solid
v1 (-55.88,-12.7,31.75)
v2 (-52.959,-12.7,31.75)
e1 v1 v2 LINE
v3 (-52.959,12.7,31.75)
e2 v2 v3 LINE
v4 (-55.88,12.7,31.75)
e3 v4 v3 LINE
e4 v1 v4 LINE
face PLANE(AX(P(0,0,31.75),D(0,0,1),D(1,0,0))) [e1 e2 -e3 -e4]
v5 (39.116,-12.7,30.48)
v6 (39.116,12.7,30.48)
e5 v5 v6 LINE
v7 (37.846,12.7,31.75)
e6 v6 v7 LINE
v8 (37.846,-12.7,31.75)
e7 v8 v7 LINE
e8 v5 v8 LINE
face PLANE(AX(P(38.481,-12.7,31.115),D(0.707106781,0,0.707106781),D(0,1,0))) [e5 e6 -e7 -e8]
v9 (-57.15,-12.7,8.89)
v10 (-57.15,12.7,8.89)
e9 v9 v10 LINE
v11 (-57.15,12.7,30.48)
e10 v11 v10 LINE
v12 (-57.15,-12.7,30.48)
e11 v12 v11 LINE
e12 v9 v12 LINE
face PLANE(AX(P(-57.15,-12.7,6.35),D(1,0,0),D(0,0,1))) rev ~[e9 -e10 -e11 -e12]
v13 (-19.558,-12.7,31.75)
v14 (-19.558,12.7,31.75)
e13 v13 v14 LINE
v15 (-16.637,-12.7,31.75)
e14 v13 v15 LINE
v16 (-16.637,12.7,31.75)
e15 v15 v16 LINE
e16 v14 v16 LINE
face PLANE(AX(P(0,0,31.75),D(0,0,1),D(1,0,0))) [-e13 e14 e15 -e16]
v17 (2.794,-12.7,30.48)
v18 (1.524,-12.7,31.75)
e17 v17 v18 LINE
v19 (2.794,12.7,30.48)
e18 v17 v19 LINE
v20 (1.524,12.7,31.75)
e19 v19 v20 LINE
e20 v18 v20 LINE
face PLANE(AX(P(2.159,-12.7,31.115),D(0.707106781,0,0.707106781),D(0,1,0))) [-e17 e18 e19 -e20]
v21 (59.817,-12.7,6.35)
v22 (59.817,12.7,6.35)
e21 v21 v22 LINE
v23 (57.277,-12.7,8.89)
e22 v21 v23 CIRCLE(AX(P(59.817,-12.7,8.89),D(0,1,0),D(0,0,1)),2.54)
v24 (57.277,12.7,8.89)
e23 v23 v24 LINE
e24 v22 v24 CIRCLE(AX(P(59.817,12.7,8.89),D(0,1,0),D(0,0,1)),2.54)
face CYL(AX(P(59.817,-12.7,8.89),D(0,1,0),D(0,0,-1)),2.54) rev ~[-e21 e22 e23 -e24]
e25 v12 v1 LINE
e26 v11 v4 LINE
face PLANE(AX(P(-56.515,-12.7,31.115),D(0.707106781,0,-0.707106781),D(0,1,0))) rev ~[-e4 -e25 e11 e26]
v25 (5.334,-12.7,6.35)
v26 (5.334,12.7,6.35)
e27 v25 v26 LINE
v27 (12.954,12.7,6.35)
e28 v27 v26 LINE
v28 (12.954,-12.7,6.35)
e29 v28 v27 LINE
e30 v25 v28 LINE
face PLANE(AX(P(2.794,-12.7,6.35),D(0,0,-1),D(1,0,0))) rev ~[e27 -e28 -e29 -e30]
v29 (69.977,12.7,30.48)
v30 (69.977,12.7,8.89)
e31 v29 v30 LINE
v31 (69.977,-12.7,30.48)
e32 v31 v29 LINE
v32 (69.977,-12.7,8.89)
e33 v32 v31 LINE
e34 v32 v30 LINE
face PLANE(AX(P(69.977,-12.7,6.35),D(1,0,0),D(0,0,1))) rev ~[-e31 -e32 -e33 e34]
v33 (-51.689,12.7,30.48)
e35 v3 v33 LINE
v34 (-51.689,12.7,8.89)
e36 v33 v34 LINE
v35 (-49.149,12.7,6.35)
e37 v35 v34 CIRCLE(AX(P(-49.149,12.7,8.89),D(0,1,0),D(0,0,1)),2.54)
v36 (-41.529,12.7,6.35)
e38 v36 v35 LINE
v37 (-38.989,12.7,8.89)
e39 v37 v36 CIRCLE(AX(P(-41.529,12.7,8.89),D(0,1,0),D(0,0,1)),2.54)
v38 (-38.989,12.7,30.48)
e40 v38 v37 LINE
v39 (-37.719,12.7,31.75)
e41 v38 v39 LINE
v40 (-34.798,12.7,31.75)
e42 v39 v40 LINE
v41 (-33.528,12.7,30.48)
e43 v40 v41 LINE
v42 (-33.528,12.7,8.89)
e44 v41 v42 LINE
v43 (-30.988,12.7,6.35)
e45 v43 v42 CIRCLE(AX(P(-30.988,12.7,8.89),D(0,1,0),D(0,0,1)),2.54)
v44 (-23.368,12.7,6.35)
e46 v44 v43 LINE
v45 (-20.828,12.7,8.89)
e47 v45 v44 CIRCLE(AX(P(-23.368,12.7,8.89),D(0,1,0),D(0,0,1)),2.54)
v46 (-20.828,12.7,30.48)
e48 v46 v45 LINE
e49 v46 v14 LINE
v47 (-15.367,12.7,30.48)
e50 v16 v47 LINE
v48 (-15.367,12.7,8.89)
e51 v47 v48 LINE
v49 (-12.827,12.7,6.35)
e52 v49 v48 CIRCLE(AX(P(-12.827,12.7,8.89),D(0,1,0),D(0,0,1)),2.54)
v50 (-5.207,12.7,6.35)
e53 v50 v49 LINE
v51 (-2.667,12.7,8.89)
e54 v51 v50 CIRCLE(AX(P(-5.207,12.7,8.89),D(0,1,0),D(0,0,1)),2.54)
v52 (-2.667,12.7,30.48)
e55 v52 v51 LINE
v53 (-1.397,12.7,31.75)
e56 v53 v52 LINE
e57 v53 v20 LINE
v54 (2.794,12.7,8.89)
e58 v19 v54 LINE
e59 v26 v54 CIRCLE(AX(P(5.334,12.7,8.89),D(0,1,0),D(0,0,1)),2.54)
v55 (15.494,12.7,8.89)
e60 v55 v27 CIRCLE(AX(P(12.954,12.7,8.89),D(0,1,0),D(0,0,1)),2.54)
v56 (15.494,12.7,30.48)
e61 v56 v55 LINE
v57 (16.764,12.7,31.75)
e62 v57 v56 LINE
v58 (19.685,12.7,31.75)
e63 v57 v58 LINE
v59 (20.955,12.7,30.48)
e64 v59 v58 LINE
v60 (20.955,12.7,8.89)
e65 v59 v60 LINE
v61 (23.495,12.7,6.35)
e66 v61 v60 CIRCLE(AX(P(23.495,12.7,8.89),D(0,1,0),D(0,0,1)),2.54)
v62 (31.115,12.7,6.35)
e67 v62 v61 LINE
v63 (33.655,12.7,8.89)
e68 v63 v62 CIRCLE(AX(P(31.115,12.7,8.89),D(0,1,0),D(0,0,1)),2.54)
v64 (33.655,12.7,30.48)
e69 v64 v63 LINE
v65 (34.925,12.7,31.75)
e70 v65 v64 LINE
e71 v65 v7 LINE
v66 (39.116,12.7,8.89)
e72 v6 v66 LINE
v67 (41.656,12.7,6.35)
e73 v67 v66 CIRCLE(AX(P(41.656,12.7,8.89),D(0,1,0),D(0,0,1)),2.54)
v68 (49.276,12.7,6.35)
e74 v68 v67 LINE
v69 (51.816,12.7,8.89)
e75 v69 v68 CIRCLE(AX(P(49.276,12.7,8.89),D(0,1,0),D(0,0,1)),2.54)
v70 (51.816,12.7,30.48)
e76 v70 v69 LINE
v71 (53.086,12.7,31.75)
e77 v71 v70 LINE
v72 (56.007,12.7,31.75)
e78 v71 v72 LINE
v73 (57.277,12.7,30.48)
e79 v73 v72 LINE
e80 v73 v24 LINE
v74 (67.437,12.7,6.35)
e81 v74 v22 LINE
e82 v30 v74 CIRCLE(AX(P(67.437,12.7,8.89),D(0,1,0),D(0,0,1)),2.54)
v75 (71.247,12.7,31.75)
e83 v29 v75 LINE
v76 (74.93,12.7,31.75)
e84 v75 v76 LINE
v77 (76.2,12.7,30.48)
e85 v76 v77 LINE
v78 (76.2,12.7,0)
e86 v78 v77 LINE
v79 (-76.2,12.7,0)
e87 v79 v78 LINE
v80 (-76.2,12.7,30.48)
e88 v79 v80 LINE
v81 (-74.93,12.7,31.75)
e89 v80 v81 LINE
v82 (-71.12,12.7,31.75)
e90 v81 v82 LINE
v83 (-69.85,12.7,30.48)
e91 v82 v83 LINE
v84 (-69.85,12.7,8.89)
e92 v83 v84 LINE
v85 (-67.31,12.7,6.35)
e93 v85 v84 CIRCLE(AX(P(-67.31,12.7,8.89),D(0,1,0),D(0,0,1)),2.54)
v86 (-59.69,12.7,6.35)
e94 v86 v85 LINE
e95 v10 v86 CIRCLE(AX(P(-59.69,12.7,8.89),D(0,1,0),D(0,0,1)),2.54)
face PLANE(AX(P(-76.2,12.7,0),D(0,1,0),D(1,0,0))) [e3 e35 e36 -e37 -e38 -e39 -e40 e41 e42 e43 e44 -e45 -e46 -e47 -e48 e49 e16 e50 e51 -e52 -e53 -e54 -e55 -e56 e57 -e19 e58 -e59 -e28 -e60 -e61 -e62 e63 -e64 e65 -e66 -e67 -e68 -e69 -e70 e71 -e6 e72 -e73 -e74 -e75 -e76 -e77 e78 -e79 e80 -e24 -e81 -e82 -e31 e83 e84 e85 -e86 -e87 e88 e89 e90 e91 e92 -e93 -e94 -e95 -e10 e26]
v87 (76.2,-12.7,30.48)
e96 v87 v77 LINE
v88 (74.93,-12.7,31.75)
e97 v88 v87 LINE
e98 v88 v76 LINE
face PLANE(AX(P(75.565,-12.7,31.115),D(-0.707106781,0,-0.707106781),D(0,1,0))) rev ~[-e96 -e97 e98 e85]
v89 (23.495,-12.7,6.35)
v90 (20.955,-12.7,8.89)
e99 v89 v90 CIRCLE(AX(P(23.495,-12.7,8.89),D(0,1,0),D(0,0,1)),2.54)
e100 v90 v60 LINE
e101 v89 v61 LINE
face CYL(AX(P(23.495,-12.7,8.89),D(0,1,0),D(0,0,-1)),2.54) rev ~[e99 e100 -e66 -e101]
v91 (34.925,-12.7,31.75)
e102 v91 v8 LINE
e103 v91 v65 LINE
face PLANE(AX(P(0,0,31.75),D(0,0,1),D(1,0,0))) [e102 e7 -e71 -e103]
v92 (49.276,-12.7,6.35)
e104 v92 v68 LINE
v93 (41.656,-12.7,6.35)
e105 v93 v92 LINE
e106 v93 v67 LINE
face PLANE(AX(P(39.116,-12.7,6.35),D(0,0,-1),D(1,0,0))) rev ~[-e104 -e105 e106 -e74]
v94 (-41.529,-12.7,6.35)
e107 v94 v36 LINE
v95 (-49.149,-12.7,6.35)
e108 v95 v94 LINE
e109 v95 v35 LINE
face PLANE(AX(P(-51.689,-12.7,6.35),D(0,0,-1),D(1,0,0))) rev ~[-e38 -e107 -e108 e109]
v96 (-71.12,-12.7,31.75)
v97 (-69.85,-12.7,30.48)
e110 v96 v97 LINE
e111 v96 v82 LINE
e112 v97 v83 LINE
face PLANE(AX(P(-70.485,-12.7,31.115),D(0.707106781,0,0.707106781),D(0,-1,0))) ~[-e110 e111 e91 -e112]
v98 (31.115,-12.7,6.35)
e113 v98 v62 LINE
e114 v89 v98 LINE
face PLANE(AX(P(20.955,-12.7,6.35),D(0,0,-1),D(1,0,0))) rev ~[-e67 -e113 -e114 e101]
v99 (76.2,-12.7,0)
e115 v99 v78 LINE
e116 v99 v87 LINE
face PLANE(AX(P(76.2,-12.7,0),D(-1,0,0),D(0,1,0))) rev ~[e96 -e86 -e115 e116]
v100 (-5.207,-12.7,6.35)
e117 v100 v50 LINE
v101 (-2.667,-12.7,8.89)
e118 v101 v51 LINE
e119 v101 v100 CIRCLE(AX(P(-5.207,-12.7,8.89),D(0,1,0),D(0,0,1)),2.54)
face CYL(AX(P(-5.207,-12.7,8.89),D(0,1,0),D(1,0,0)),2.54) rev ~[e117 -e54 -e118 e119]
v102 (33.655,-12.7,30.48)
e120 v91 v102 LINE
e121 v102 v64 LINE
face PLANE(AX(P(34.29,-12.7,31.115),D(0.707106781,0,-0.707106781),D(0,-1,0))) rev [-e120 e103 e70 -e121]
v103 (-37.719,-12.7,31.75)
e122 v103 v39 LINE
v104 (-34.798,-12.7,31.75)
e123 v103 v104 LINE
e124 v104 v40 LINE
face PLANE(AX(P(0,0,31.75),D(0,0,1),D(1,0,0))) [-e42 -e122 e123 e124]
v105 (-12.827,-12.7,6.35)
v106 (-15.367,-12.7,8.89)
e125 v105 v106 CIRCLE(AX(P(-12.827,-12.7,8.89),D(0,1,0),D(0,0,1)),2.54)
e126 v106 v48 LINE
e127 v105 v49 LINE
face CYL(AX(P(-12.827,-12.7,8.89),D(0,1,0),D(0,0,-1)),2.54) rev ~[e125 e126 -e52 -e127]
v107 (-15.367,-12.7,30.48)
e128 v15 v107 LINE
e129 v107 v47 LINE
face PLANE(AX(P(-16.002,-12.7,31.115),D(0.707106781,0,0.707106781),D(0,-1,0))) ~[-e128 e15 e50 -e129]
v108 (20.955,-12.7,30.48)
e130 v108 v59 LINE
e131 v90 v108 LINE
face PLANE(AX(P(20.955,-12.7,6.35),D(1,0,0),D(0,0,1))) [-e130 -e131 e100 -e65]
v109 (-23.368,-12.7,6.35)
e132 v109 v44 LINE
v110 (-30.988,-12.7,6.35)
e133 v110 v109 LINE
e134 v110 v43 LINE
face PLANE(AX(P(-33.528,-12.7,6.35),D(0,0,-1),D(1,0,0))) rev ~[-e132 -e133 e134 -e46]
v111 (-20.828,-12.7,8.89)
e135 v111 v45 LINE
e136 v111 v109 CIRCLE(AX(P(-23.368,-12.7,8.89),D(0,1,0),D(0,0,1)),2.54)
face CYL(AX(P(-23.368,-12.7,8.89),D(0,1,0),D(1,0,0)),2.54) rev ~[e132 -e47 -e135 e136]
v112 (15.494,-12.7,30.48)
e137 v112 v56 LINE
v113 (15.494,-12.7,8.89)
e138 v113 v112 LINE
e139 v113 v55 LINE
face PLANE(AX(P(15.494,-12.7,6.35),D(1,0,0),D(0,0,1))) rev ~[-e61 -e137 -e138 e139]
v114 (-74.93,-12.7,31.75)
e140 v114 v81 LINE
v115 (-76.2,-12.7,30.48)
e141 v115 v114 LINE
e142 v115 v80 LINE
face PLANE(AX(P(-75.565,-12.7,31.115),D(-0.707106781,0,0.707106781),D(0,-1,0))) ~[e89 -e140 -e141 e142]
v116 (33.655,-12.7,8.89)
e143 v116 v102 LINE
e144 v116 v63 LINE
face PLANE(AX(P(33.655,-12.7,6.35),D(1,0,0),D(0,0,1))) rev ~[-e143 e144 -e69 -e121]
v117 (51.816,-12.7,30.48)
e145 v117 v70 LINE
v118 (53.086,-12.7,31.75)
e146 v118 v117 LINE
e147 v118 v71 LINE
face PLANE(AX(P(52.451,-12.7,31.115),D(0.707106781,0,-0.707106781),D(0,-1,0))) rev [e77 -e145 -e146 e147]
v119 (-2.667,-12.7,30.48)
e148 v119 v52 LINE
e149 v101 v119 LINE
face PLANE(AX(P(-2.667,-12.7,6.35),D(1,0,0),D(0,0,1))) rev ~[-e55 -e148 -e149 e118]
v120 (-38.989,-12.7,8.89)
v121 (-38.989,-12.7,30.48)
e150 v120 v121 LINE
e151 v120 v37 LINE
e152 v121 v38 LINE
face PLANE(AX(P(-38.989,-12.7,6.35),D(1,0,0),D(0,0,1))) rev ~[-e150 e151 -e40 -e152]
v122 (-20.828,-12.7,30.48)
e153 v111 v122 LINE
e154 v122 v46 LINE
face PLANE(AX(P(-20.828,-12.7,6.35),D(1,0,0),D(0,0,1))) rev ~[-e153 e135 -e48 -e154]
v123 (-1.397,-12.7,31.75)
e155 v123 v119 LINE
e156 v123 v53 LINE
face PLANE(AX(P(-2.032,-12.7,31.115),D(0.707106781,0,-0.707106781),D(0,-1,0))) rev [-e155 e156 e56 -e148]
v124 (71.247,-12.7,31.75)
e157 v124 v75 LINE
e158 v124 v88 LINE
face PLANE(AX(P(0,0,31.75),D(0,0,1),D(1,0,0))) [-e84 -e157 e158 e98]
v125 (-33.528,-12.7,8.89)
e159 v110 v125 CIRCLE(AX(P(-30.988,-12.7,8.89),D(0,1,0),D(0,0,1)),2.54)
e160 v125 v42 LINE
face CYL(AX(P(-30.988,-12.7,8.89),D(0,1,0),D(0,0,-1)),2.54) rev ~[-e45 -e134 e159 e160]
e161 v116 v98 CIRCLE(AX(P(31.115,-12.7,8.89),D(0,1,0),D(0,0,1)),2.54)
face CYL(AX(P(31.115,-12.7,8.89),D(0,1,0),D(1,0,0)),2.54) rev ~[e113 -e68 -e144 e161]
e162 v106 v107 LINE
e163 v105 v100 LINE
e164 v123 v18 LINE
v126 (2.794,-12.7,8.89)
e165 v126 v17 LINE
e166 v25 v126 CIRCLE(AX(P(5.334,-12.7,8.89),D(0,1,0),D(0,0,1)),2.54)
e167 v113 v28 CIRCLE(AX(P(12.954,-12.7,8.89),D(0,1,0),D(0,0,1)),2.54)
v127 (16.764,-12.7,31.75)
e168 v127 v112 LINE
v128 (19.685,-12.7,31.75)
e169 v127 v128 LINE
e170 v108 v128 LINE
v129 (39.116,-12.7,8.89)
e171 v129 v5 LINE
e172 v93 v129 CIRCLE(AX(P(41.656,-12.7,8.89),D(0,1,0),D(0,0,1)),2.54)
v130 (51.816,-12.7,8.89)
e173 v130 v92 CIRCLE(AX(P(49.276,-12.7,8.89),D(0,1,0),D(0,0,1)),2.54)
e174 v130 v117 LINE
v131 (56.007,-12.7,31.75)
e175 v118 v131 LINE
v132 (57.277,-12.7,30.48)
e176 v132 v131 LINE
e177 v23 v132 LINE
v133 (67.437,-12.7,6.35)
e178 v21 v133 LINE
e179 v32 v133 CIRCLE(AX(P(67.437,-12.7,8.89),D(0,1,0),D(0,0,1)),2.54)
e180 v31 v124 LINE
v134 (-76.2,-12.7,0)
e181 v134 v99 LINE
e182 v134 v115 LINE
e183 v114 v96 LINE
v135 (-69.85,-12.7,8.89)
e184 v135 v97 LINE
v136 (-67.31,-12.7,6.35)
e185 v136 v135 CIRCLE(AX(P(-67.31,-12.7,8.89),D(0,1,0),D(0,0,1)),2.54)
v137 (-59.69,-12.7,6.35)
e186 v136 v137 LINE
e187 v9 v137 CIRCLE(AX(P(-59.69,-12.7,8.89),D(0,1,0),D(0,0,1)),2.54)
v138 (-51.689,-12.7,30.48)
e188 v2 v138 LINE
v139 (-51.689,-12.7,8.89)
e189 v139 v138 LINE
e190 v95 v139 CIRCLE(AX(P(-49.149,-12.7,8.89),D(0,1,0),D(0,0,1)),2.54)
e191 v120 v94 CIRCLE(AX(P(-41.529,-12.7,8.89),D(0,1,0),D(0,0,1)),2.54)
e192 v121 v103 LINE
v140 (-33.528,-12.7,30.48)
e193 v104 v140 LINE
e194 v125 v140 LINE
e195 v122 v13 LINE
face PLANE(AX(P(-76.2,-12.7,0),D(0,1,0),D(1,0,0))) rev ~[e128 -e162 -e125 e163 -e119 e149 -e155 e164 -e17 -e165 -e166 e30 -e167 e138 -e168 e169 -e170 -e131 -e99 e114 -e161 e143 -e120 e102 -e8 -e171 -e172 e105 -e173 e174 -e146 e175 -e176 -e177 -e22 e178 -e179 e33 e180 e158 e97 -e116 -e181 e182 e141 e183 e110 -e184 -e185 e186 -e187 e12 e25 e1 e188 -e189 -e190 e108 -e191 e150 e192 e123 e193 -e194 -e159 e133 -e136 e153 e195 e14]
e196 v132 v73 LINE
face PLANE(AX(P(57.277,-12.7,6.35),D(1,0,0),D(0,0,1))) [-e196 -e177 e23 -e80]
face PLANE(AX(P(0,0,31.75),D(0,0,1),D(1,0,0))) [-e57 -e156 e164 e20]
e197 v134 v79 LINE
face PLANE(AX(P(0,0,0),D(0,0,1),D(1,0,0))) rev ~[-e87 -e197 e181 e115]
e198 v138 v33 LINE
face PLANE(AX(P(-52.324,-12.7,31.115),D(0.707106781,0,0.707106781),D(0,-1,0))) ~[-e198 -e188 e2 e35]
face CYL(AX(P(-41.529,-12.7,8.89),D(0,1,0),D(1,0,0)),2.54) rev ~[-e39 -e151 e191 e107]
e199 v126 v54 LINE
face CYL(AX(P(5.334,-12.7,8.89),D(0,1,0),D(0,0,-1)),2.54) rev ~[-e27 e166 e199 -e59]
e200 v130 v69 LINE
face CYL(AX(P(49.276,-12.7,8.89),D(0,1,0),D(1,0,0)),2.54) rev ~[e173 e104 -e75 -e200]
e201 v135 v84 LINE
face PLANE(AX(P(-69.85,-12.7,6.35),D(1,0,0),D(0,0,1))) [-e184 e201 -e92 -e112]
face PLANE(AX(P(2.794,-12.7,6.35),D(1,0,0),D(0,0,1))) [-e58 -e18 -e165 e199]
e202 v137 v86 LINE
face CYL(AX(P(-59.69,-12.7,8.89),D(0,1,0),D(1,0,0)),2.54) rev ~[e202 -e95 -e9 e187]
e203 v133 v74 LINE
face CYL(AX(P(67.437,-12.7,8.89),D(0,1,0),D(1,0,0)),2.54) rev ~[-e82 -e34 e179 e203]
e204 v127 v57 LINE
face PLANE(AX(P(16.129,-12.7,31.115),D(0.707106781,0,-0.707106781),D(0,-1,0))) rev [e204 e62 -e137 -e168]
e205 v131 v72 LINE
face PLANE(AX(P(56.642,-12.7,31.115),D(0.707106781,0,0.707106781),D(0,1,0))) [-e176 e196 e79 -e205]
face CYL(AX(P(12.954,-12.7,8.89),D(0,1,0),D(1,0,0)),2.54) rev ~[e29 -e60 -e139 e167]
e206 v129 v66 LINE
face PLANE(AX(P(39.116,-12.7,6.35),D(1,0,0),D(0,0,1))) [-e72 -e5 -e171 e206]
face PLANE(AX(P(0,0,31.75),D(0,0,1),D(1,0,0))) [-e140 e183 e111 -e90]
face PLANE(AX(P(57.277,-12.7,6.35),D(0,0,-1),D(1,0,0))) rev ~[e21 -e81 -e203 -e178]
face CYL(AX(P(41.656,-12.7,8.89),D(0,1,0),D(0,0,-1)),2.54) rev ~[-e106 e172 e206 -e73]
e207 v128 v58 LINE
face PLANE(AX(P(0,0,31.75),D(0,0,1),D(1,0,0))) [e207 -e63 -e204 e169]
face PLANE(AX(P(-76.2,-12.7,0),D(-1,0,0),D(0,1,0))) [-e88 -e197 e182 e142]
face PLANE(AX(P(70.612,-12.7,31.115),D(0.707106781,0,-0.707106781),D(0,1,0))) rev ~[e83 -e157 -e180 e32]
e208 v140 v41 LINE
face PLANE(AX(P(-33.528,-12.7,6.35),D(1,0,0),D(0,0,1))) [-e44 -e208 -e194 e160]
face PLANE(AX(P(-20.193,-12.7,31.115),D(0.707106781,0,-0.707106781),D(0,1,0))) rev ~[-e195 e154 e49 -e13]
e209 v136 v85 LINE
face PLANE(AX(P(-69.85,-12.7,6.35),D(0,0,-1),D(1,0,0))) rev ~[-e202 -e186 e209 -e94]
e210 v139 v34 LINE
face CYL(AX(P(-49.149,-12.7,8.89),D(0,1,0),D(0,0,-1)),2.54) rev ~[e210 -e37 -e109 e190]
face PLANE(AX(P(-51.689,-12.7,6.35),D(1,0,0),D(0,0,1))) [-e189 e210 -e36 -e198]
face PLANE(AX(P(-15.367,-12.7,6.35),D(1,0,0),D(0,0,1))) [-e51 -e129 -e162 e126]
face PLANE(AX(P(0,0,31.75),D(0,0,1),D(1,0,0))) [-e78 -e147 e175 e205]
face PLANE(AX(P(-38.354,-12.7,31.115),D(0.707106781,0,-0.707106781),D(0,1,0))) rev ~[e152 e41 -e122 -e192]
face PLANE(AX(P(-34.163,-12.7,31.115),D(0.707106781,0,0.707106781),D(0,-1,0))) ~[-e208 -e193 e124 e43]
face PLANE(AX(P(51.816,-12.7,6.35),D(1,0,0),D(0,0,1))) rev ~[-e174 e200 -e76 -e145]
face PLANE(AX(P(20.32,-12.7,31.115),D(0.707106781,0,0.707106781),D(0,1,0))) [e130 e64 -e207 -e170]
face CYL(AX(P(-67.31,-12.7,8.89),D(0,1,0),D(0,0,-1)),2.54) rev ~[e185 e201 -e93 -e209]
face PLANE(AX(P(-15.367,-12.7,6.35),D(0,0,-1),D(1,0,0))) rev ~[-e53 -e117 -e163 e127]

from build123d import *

# Parameters (mm, degrees)
F0_W     = 152.4
F0_H     = 25.4
F1_DEPTH = 31.75
F2_W     = 12.7
F2_H     = 25.4
F3_DEPTH = 25.401
F4_R     = 2.54
F5_SIZE  = 1.27


with BuildPart() as f1:
    # F0 (on Top) → F1 (new body)
    with BuildSketch(Plane.XY):
        Rectangle(F0_W, F0_H)
    extrude(amount=F1_DEPTH)

    # F2 (on face) → F3 (cut, through all)
    with BuildSketch(Plane.XZ.offset(12.7)):
        with Locations((-63.5, 19.05)):
            Rectangle(F2_W, F2_H)
        with Locations((-45.339, 19.05)):
            Rectangle(F2_W, F2_H)
        with Locations((-27.178, 19.05)):
            Rectangle(F2_W, F2_H)
        with Locations((-9.017, 19.05)):
            Rectangle(F2_W, F2_H)
        with Locations((9.144, 19.05)):
            Rectangle(F2_W, F2_H)
        with Locations((27.305, 19.05)):
            Rectangle(F2_W, F2_H)
        with Locations((45.466, 19.05)):
            Rectangle(F2_W, F2_H)
        with Locations((63.627, 19.05)):
            Rectangle(F2_W, F2_H)
    extrude(amount=-F3_DEPTH, mode=Mode.SUBTRACT)

    # F4
    f4_edges = [f1.edges().sort_by_distance(p)[0] for p in [
        (-69.85, 0, 6.35),
        (-57.15, 0, 6.35),
        (-38.989, 0, 6.35),
        (-20.828, 0, 6.35),
        (-2.667, 0, 6.35),
        (15.494, 0, 6.35),
        (33.655, 0, 6.35),
        (51.816, 0, 6.35),
        (69.977, 0, 6.35),
        (57.277, 0, 6.35),
        (39.116, 0, 6.35),
        (20.955, 0, 6.35),
        (2.794, 0, 6.35),
        (-15.367, 0, 6.35),
        (-33.528, 0, 6.35),
        (-51.689, 0, 6.35),
    ]]
    fillet(f4_edges, radius=F4_R)

    # F5
    f5_edges = [f1.edges().sort_by_distance(p)[0] for p in [
        (-69.85, 0, 31.75),
        (-76.2, 0, 31.75),
        (-57.15, 0, 31.75),
        (-51.689, 0, 31.75),
        (-38.989, 0, 31.75),
        (-33.528, 0, 31.75),
        (-20.828, 0, 31.75),
        (-15.367, 0, 31.75),
        (-2.667, 0, 31.75),
        (2.794, 0, 31.75),
        (15.494, 0, 31.75),
        (20.955, 0, 31.75),
        (33.655, 0, 31.75),
        (39.116, 0, 31.75),
        (51.816, 0, 31.75),
        (57.277, 0, 31.75),
        (69.977, 0, 31.75),
        (76.2, 0, 31.75),
    ]]
    chamfer(f5_edges, length=F5_SIZE)


solid = f1.part
